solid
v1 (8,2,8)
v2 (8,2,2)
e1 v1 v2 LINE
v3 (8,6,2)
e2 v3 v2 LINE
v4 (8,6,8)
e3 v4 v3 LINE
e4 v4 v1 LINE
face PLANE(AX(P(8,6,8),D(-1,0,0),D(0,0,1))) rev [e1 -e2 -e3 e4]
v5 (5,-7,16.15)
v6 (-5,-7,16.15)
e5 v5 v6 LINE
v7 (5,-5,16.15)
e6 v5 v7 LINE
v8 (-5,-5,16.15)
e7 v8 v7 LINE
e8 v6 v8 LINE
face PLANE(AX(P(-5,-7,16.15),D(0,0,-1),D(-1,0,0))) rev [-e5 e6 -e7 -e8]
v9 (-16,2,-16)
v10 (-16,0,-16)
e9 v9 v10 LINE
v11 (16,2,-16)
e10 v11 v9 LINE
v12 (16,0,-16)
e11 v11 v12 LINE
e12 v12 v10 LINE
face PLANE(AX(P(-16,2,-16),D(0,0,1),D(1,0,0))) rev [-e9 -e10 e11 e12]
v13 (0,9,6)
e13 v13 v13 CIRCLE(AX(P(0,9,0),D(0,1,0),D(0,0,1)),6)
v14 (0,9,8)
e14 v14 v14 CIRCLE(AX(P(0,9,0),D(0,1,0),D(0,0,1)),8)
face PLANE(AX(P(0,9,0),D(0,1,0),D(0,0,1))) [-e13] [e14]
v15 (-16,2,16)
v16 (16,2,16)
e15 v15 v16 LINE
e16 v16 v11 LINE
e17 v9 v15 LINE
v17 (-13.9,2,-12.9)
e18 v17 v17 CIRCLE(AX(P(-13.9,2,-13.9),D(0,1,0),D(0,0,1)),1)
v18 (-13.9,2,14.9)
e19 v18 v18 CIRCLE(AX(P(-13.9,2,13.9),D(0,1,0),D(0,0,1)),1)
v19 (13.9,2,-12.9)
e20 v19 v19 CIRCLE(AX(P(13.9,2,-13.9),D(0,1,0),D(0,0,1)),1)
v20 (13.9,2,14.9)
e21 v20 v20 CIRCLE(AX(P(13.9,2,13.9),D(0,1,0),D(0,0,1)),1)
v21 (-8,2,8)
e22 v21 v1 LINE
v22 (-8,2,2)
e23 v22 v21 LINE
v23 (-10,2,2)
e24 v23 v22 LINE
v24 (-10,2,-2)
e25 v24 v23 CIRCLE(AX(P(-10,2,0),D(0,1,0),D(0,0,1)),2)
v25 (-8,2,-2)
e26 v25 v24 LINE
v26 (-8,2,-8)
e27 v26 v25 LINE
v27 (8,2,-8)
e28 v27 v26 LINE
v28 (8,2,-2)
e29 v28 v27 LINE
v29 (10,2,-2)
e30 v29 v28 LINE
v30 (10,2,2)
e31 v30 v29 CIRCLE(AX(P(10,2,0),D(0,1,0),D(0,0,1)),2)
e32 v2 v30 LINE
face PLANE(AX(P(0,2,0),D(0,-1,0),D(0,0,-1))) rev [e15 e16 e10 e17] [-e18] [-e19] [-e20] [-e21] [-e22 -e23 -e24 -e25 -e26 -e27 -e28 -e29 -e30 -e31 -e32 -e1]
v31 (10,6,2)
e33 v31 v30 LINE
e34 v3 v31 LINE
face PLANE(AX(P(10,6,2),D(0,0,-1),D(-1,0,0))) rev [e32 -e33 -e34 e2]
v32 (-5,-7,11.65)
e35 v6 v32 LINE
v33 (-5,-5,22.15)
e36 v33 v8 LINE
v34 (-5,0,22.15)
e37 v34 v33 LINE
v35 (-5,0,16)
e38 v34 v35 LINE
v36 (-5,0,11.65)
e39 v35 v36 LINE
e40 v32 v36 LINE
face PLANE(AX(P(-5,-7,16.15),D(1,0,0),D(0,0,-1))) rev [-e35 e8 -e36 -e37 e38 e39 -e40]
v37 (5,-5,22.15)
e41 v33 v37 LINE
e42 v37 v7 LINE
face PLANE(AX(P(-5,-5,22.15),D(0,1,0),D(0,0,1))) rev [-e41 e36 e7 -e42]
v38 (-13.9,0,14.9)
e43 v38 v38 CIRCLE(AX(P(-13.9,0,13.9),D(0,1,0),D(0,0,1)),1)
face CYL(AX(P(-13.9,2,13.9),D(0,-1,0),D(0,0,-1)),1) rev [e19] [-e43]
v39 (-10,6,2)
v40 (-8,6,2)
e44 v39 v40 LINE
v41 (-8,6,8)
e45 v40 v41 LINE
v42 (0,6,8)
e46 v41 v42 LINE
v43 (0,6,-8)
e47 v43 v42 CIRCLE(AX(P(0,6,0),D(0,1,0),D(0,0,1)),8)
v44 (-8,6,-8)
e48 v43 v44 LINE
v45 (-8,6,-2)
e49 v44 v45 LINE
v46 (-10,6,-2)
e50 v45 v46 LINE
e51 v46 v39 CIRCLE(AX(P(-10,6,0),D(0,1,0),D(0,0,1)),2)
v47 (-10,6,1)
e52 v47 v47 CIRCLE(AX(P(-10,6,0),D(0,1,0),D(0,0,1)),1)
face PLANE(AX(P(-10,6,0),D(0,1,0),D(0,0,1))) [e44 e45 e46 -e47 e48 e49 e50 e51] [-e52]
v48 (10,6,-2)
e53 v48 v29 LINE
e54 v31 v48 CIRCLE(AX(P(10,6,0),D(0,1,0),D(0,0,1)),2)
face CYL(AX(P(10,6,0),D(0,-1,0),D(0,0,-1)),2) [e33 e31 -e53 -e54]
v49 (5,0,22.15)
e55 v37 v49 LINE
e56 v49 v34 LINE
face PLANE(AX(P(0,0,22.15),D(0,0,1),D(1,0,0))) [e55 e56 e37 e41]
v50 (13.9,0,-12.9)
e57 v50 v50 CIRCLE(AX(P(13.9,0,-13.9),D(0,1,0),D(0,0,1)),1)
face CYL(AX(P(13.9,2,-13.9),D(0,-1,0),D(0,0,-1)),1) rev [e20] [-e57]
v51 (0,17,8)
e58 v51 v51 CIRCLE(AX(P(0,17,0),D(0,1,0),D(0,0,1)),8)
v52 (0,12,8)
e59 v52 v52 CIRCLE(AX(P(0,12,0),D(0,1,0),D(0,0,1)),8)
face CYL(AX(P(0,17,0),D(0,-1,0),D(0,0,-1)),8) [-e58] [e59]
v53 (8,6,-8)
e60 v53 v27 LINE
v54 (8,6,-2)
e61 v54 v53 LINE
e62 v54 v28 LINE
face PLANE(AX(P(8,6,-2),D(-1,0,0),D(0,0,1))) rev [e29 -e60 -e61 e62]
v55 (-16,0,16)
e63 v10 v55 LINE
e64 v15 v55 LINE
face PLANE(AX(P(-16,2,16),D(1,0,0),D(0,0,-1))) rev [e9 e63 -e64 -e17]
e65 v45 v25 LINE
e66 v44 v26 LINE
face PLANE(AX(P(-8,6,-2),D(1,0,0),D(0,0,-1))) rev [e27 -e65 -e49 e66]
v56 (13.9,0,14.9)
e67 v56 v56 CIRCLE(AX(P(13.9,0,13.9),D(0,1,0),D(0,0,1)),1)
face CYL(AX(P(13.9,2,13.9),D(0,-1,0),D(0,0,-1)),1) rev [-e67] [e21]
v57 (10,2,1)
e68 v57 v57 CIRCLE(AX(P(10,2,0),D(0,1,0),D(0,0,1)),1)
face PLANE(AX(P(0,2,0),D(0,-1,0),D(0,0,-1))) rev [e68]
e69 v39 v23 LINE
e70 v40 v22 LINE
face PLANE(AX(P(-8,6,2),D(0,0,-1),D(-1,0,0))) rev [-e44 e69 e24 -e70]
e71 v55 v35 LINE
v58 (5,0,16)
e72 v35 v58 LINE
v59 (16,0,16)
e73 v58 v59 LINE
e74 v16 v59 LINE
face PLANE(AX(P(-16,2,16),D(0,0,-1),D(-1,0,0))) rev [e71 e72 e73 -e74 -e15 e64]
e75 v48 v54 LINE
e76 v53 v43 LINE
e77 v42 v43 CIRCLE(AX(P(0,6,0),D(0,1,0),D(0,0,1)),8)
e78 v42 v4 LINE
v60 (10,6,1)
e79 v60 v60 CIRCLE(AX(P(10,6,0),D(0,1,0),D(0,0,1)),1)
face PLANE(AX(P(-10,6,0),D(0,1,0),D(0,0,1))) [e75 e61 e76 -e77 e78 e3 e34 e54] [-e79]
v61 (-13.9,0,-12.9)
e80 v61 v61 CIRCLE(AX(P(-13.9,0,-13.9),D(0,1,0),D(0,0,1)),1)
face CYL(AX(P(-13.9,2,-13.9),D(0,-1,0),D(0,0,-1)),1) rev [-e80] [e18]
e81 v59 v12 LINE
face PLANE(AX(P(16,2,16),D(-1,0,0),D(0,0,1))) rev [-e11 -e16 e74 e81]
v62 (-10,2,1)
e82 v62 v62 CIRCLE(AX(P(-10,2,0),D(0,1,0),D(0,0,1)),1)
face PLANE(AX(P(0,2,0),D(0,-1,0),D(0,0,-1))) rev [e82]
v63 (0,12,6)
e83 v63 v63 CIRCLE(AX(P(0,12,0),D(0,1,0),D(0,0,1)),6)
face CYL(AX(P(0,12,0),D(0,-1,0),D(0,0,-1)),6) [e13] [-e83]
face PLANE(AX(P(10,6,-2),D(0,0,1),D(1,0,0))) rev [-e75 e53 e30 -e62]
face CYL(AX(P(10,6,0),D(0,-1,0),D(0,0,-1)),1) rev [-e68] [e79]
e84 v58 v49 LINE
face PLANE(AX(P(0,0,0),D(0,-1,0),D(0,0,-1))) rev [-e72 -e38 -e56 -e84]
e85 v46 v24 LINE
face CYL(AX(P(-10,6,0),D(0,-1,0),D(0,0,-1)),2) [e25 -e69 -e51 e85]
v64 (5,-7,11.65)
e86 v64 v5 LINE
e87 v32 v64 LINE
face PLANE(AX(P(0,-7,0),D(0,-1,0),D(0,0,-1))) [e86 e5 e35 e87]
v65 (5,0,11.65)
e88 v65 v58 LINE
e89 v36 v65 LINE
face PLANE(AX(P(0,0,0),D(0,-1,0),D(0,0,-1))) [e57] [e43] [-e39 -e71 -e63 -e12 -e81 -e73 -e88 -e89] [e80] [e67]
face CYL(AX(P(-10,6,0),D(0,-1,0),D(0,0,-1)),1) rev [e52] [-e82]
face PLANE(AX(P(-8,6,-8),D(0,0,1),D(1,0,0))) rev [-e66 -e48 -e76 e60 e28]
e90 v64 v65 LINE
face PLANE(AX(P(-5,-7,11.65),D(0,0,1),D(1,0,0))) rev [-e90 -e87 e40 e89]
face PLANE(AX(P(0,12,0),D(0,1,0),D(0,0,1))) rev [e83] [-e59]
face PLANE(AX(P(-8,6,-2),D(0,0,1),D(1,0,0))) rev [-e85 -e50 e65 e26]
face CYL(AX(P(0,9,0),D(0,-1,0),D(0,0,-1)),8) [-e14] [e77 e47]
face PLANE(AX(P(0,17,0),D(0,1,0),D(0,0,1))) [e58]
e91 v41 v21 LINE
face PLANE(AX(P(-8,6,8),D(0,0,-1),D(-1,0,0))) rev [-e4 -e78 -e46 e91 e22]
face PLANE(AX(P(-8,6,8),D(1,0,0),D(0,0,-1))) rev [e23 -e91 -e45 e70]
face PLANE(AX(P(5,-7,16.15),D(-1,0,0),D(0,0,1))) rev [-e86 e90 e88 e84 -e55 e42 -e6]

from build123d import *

# Parameters (mm, degrees)
SKETCH1_W           = 32
SKETCH1_H           = 32
SKETCH1_R           = 1
BOSS_EXTRUDE1_DEPTH = 2
SKETCH2_R           = 1
BOSS_EXTRUDE2_DEPTH = 4
SKETCH3_R           = 8
BOSS_EXTRUDE3_DEPTH = 3
SKETCH4_R           = 6
BOSS_EXTRUDE4_DEPTH = 3
SKETCH5_R           = 8
BOSS_EXTRUDE5_DEPTH = 5
SKETCH_1_W          = 10
SKETCH_1_H          = 4.5
EXTRUDE_1_DEPTH     = 7
SKETCH_2_W          = 10
SKETCH_2_H          = 5
EXTRUDE_2_DEPTH     = 6


with BuildPart() as part:
    # Sketch1 → Boss-Extrude1 (new body)
    with BuildSketch(Plane(origin=(0, 0, 0), x_dir=(1, 0, 0), z_dir=(0, 1, 0))):
        Rectangle(SKETCH1_W, SKETCH1_H)
        with Locations(Location((-13.9, 13.9, 0), (0, 0, 270))):
            Circle(SKETCH1_R, mode=Mode.SUBTRACT)
        with Locations(Location((13.9, 13.9, 0), (0, 0, 270))):
            Circle(SKETCH1_R, mode=Mode.SUBTRACT)
        with Locations(Location((-13.9, -13.9, 0), (0, 0, 270))):
            Circle(SKETCH1_R, mode=Mode.SUBTRACT)
        with Locations(Location((13.9, -13.9, 0), (0, 0, 270))):
            Circle(SKETCH1_R, mode=Mode.SUBTRACT)
    extrude(amount=BOSS_EXTRUDE1_DEPTH)

    # Sketch2 → Boss-Extrude2 (add)
    with BuildSketch(Plane(origin=(0, 2, 0), x_dir=(1, 0, 0), z_dir=(0, 1, 0))):
        with BuildLine():
            Line((-8, -8), (8, -8))
            Line((8, -8), (8, -2))
            Line((8, -2), (10, -2))
            ThreePointArc((10, -2), (12, 0), (10, 2))
            Line((10, 2), (8, 2))
            Line((8, 2), (8, 8))
            Line((8, 8), (-8, 8))
            Line((-8, 8), (-8, 2))
            Line((-8, 2), (-10, 2))
            ThreePointArc((-10, 2), (-12, 0), (-10, -2))
            Line((-10, -2), (-8, -2))
            Line((-8, -2), (-8, -8))
        make_face()
        with Locations(Location((10, 0, 0), (0, 0, 270))):
            Circle(SKETCH2_R, mode=Mode.SUBTRACT)
        with Locations(Location((-10, 0, 0), (0, 0, 270))):
            Circle(SKETCH2_R, mode=Mode.SUBTRACT)
    extrude(amount=BOSS_EXTRUDE2_DEPTH)

    # Sketch3 → Boss-Extrude3 (add)
    with BuildSketch(Plane(origin=(0, 6, 0), x_dir=(1, 0, 0), z_dir=(0, 1, 0))):
        with Locations(Location((0, 0, 0), (0, 0, 270))):
            Circle(SKETCH3_R)
    extrude(amount=BOSS_EXTRUDE3_DEPTH)

    # Sketch4 → Boss-Extrude4 (add)
    with BuildSketch(Plane(origin=(0, 9, 0), x_dir=(1, 0, 0), z_dir=(0, 1, 0))):
        with Locations(Location((0, 0, 0), (0, 0, 270))):
            Circle(SKETCH4_R)
    extrude(amount=BOSS_EXTRUDE4_DEPTH)

    # Sketch5 → Boss-Extrude5 (add)
    with BuildSketch(Plane(origin=(0, 12, 0), x_dir=(1, 0, 0), z_dir=(0, 1, 0))):
        with Locations(Location((0, 0, 0), (0, 0, 270))):
            Circle(SKETCH5_R)
    extrude(amount=BOSS_EXTRUDE5_DEPTH)

    # 草图1 → 凸台-拉伸1 (add)
    with BuildSketch(Plane.XZ):
        with Locations((0, 13.9)):
            Rectangle(SKETCH_1_W, SKETCH_1_H)
    extrude(amount=EXTRUDE_1_DEPTH)

    # 草图2 → 凸台-拉伸2 (add)
    with BuildSketch(Plane.XY.offset(16.15)):
        with Locations((0, -2.5)):
            Rectangle(SKETCH_2_W, SKETCH_2_H)
    extrude(amount=EXTRUDE_2_DEPTH)


solid = part.part
